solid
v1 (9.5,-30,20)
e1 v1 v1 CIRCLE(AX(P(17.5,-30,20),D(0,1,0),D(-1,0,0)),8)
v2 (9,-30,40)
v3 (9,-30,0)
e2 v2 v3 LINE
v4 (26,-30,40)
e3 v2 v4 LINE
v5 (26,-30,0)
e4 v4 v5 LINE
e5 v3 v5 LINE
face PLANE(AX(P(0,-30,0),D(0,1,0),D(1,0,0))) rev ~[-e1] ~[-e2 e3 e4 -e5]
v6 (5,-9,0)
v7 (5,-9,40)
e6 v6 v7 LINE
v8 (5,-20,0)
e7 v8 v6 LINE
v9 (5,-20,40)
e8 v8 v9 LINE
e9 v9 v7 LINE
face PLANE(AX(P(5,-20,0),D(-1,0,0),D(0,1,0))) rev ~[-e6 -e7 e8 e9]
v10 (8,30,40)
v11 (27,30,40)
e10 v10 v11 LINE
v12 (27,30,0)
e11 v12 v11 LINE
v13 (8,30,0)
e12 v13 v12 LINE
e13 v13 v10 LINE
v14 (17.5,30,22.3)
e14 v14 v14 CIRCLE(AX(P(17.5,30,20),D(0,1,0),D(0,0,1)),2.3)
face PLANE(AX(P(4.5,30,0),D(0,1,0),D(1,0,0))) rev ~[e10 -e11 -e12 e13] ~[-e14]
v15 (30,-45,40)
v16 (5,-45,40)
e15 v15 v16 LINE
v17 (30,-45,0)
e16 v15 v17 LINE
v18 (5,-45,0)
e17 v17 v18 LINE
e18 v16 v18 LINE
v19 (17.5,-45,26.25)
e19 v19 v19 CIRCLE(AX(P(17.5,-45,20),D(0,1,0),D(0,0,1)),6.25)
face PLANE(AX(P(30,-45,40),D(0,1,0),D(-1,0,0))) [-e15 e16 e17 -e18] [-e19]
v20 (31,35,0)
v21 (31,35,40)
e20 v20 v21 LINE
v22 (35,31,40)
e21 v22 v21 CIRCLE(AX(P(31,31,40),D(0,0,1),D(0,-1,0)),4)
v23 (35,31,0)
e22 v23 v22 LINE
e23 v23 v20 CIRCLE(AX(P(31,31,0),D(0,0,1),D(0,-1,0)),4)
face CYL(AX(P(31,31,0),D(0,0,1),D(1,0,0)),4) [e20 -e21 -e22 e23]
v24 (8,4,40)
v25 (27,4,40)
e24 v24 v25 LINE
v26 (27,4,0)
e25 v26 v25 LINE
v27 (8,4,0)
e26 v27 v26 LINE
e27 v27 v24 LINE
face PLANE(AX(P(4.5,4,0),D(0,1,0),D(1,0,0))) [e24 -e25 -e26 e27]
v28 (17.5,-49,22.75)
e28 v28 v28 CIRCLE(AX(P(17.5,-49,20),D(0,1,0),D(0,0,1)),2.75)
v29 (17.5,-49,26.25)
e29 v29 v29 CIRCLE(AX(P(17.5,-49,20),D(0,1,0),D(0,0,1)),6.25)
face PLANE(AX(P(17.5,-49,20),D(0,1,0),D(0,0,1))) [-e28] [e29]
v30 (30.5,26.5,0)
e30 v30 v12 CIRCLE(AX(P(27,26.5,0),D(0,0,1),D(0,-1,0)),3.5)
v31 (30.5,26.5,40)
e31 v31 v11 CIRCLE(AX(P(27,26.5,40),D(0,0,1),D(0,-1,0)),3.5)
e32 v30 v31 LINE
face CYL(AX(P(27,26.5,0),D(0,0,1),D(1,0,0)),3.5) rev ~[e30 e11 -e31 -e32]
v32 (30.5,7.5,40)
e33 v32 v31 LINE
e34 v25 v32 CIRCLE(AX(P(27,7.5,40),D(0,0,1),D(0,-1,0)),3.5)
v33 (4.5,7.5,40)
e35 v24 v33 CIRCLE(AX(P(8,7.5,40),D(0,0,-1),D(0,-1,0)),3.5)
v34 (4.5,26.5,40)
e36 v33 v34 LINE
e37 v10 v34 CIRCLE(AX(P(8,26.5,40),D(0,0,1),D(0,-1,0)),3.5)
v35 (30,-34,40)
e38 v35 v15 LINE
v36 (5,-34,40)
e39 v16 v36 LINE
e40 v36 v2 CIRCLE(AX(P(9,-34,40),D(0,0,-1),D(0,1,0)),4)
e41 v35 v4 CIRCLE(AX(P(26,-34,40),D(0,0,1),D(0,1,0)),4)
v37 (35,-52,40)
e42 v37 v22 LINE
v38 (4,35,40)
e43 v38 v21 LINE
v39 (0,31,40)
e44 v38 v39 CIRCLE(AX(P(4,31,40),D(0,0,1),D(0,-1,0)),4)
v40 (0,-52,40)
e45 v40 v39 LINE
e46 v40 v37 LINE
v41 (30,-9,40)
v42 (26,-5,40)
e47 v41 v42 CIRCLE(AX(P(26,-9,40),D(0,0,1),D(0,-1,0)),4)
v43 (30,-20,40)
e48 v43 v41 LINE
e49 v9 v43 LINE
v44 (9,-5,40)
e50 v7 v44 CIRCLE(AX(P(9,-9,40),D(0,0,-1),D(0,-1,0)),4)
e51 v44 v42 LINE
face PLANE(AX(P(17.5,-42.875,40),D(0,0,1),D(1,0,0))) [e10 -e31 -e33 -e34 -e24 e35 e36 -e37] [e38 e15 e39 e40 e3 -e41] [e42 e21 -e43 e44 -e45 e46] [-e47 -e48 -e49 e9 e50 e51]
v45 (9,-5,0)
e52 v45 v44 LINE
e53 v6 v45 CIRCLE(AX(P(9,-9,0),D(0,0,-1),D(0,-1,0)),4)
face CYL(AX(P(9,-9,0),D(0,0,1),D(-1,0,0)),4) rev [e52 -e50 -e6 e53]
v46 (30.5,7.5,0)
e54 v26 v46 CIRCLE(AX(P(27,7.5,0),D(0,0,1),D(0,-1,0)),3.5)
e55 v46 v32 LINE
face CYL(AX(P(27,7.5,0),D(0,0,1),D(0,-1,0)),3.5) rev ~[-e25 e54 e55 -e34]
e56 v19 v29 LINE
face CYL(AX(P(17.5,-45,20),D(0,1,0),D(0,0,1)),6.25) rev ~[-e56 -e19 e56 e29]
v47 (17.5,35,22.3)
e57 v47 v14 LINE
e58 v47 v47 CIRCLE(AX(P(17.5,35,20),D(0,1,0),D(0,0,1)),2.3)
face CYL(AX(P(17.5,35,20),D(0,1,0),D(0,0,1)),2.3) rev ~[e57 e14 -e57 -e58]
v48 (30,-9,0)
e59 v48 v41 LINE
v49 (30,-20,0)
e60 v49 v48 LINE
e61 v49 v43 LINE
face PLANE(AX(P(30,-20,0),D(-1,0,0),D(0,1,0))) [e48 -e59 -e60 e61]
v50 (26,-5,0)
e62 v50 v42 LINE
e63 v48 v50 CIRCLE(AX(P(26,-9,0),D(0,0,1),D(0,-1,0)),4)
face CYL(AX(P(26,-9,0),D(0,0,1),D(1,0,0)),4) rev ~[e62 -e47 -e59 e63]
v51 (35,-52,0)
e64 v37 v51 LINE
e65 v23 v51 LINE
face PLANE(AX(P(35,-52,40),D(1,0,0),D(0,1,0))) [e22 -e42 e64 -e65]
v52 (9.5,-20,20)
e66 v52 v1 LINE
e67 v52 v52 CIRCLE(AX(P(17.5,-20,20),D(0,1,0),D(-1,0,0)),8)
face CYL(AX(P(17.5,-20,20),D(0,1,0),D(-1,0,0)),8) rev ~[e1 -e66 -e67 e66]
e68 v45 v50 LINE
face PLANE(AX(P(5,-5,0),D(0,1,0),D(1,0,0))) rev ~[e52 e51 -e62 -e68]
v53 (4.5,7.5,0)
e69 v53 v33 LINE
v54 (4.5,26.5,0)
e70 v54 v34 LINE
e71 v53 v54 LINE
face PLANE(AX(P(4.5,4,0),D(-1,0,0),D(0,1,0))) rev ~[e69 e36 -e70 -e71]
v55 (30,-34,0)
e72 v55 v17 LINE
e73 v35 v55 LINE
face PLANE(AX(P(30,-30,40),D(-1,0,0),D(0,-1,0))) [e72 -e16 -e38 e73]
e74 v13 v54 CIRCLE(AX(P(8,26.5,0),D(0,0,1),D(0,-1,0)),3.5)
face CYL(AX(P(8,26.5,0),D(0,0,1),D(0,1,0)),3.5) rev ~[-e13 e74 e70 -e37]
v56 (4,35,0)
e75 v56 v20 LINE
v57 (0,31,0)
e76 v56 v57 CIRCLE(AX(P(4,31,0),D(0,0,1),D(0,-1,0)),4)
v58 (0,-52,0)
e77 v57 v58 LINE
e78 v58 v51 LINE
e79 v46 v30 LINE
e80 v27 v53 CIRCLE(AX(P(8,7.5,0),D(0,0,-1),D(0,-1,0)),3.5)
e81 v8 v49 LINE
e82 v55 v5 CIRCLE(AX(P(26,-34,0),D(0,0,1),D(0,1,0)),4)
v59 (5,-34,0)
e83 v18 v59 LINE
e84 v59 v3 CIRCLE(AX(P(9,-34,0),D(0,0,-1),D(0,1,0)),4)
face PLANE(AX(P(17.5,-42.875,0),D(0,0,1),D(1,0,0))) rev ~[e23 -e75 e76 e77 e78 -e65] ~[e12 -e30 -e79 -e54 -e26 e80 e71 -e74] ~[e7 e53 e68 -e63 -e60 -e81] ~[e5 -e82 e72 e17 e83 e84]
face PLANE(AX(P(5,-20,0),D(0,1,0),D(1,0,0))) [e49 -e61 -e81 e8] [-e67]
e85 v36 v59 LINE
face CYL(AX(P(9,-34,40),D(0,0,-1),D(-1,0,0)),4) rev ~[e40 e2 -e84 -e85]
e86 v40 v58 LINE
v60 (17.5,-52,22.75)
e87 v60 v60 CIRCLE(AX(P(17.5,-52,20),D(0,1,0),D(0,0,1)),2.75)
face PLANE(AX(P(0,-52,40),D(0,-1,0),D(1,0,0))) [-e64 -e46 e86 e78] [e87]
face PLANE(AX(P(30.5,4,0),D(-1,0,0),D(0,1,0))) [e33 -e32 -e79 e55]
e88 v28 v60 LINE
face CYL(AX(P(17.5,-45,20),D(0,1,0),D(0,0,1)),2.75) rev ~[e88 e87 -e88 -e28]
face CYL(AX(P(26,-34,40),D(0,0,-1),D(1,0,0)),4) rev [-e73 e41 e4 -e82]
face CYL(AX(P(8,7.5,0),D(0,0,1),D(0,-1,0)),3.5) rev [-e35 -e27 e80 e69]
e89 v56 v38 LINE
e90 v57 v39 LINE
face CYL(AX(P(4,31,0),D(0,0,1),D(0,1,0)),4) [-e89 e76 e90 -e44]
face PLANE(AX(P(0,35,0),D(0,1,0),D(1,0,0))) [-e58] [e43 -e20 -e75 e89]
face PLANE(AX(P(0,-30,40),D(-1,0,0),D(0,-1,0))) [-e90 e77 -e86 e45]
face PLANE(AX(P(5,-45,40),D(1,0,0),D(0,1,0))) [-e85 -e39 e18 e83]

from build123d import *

# Parameters (mm, degrees)
SKETCH1_W           = 35
SKETCH1_H           = 35
SKETCH1_W_2         = 26
SKETCH1_H_2         = 26
SKETCH1_H_3         = 30
SKETCH1_W_3         = 25
SKETCH1_H_4         = 15
BOSS_EXTRUDE2_DEPTH = 40
FILLET3_R           = 3.5
FILLET4_R           = 4
SKETCH6_R           = 2.3
CUT_EXTRUDE5_DEPTH  = 5
BOSS_EXTRUDE3_DEPTH = 40
SKETCH7_R           = 8
CUT_EXTRUDE8_DEPTH  = 10
SKETCH11_R          = 6.25
CUT_EXTRUDE9_DEPTH  = 4
SKETCH12_R          = 2.75
CUT_EXTRUDE10_DEPTH = 97.046863561
FILLET5_R           = 4


with BuildPart() as part:
    # Sketch1 → Boss-Extrude2 (new body)
    # profile 1 of 2: a face of its own
    with BuildSketch(Plane.XY):
        with Locations((17.5, 17.5)):
            Rectangle(SKETCH1_W, SKETCH1_H)
        with Locations((17.5, 17)):
            Rectangle(SKETCH1_W_2, SKETCH1_H_2, mode=Mode.SUBTRACT)
    # profile 2 of 2: a face of its own
    with BuildSketch(Plane.XY):
        with Locations((17.5, -15)):
            Rectangle(SKETCH1_W, SKETCH1_H_3)
        with Locations((17.5, -12.5)):
            Rectangle(SKETCH1_W_3, SKETCH1_H_4, mode=Mode.SUBTRACT)
    extrude(amount=BOSS_EXTRUDE2_DEPTH)

    # Fillet3
    fillet3_edges = [part.edges().sort_by_distance(p)[0] for p in [
        (4.5, 30, 20),
        (4.5, 4, 20),
        (30.5, 4, 20),
        (30.5, 30, 20),
    ]]
    fillet(fillet3_edges, radius=FILLET3_R)

    # Fillet4
    fillet4_edges = [part.edges().sort_by_distance(p)[0] for p in [
        (0, 35, 20),
        (35, 35, 20),
    ]]
    fillet(fillet4_edges, radius=FILLET4_R)

    # Sketch6 → Cut-Extrude5 (cut)
    with BuildSketch(Plane(origin=(0, 35, 0), x_dir=(1, 0, 0), z_dir=(0, 1, 0))):
        with Locations(Location((17.5, -20, 0), (0, 0, 270))):
            Circle(SKETCH6_R)
    extrude(amount=-CUT_EXTRUDE5_DEPTH, mode=Mode.SUBTRACT)

    # Sketch9 → Boss-Extrude3 (add)
    with BuildSketch(Plane.XY.offset(40)):
        Polygon((5, -30), (0, -30), (0, -52), (35, -52), (35, -30), (30, -30), (30, -45), (5, -45), align=None)
    extrude(amount=-BOSS_EXTRUDE3_DEPTH)

    # Sketch7 → Cut-Extrude8 (cut)
    with BuildSketch(Plane(origin=(0, -20, 0), x_dir=(1, 0, 0), z_dir=(0, 1, 0))):
        with Locations(Location((17.5, -20, 0), (0, 0, 180))):
            Circle(SKETCH7_R)
    extrude(amount=-CUT_EXTRUDE8_DEPTH, mode=Mode.SUBTRACT)

    # Sketch11 → Cut-Extrude9 (cut)
    with BuildSketch(Plane(origin=(0, -45, 0), x_dir=(1, 0, 0), z_dir=(0, 1, 0))):
        with Locations(Location((17.5, -20, 0), (0, 0, 270))):
            Circle(SKETCH11_R)
    extrude(amount=-CUT_EXTRUDE9_DEPTH, mode=Mode.SUBTRACT)

    # Sketch12 → Cut-Extrude10 (cut, through all)
    with BuildSketch(Plane(origin=(0, -45, 0), x_dir=(1, 0, 0), z_dir=(0, 1, 0))):
        with Locations(Location((17.5, -20, 0), (0, 0, 270))):
            Circle(SKETCH12_R)
    extrude(amount=-CUT_EXTRUDE10_DEPTH, mode=Mode.SUBTRACT)

    # Fillet5
    fillet5_edges = [part.edges().sort_by_distance(p)[0] for p in [
        (30, -5, 20),
        (5, -5, 20),
        (30, -30, 20),
        (5, -30, 20),
    ]]
    fillet(fillet5_edges, radius=FILLET5_R)


solid = part.part
